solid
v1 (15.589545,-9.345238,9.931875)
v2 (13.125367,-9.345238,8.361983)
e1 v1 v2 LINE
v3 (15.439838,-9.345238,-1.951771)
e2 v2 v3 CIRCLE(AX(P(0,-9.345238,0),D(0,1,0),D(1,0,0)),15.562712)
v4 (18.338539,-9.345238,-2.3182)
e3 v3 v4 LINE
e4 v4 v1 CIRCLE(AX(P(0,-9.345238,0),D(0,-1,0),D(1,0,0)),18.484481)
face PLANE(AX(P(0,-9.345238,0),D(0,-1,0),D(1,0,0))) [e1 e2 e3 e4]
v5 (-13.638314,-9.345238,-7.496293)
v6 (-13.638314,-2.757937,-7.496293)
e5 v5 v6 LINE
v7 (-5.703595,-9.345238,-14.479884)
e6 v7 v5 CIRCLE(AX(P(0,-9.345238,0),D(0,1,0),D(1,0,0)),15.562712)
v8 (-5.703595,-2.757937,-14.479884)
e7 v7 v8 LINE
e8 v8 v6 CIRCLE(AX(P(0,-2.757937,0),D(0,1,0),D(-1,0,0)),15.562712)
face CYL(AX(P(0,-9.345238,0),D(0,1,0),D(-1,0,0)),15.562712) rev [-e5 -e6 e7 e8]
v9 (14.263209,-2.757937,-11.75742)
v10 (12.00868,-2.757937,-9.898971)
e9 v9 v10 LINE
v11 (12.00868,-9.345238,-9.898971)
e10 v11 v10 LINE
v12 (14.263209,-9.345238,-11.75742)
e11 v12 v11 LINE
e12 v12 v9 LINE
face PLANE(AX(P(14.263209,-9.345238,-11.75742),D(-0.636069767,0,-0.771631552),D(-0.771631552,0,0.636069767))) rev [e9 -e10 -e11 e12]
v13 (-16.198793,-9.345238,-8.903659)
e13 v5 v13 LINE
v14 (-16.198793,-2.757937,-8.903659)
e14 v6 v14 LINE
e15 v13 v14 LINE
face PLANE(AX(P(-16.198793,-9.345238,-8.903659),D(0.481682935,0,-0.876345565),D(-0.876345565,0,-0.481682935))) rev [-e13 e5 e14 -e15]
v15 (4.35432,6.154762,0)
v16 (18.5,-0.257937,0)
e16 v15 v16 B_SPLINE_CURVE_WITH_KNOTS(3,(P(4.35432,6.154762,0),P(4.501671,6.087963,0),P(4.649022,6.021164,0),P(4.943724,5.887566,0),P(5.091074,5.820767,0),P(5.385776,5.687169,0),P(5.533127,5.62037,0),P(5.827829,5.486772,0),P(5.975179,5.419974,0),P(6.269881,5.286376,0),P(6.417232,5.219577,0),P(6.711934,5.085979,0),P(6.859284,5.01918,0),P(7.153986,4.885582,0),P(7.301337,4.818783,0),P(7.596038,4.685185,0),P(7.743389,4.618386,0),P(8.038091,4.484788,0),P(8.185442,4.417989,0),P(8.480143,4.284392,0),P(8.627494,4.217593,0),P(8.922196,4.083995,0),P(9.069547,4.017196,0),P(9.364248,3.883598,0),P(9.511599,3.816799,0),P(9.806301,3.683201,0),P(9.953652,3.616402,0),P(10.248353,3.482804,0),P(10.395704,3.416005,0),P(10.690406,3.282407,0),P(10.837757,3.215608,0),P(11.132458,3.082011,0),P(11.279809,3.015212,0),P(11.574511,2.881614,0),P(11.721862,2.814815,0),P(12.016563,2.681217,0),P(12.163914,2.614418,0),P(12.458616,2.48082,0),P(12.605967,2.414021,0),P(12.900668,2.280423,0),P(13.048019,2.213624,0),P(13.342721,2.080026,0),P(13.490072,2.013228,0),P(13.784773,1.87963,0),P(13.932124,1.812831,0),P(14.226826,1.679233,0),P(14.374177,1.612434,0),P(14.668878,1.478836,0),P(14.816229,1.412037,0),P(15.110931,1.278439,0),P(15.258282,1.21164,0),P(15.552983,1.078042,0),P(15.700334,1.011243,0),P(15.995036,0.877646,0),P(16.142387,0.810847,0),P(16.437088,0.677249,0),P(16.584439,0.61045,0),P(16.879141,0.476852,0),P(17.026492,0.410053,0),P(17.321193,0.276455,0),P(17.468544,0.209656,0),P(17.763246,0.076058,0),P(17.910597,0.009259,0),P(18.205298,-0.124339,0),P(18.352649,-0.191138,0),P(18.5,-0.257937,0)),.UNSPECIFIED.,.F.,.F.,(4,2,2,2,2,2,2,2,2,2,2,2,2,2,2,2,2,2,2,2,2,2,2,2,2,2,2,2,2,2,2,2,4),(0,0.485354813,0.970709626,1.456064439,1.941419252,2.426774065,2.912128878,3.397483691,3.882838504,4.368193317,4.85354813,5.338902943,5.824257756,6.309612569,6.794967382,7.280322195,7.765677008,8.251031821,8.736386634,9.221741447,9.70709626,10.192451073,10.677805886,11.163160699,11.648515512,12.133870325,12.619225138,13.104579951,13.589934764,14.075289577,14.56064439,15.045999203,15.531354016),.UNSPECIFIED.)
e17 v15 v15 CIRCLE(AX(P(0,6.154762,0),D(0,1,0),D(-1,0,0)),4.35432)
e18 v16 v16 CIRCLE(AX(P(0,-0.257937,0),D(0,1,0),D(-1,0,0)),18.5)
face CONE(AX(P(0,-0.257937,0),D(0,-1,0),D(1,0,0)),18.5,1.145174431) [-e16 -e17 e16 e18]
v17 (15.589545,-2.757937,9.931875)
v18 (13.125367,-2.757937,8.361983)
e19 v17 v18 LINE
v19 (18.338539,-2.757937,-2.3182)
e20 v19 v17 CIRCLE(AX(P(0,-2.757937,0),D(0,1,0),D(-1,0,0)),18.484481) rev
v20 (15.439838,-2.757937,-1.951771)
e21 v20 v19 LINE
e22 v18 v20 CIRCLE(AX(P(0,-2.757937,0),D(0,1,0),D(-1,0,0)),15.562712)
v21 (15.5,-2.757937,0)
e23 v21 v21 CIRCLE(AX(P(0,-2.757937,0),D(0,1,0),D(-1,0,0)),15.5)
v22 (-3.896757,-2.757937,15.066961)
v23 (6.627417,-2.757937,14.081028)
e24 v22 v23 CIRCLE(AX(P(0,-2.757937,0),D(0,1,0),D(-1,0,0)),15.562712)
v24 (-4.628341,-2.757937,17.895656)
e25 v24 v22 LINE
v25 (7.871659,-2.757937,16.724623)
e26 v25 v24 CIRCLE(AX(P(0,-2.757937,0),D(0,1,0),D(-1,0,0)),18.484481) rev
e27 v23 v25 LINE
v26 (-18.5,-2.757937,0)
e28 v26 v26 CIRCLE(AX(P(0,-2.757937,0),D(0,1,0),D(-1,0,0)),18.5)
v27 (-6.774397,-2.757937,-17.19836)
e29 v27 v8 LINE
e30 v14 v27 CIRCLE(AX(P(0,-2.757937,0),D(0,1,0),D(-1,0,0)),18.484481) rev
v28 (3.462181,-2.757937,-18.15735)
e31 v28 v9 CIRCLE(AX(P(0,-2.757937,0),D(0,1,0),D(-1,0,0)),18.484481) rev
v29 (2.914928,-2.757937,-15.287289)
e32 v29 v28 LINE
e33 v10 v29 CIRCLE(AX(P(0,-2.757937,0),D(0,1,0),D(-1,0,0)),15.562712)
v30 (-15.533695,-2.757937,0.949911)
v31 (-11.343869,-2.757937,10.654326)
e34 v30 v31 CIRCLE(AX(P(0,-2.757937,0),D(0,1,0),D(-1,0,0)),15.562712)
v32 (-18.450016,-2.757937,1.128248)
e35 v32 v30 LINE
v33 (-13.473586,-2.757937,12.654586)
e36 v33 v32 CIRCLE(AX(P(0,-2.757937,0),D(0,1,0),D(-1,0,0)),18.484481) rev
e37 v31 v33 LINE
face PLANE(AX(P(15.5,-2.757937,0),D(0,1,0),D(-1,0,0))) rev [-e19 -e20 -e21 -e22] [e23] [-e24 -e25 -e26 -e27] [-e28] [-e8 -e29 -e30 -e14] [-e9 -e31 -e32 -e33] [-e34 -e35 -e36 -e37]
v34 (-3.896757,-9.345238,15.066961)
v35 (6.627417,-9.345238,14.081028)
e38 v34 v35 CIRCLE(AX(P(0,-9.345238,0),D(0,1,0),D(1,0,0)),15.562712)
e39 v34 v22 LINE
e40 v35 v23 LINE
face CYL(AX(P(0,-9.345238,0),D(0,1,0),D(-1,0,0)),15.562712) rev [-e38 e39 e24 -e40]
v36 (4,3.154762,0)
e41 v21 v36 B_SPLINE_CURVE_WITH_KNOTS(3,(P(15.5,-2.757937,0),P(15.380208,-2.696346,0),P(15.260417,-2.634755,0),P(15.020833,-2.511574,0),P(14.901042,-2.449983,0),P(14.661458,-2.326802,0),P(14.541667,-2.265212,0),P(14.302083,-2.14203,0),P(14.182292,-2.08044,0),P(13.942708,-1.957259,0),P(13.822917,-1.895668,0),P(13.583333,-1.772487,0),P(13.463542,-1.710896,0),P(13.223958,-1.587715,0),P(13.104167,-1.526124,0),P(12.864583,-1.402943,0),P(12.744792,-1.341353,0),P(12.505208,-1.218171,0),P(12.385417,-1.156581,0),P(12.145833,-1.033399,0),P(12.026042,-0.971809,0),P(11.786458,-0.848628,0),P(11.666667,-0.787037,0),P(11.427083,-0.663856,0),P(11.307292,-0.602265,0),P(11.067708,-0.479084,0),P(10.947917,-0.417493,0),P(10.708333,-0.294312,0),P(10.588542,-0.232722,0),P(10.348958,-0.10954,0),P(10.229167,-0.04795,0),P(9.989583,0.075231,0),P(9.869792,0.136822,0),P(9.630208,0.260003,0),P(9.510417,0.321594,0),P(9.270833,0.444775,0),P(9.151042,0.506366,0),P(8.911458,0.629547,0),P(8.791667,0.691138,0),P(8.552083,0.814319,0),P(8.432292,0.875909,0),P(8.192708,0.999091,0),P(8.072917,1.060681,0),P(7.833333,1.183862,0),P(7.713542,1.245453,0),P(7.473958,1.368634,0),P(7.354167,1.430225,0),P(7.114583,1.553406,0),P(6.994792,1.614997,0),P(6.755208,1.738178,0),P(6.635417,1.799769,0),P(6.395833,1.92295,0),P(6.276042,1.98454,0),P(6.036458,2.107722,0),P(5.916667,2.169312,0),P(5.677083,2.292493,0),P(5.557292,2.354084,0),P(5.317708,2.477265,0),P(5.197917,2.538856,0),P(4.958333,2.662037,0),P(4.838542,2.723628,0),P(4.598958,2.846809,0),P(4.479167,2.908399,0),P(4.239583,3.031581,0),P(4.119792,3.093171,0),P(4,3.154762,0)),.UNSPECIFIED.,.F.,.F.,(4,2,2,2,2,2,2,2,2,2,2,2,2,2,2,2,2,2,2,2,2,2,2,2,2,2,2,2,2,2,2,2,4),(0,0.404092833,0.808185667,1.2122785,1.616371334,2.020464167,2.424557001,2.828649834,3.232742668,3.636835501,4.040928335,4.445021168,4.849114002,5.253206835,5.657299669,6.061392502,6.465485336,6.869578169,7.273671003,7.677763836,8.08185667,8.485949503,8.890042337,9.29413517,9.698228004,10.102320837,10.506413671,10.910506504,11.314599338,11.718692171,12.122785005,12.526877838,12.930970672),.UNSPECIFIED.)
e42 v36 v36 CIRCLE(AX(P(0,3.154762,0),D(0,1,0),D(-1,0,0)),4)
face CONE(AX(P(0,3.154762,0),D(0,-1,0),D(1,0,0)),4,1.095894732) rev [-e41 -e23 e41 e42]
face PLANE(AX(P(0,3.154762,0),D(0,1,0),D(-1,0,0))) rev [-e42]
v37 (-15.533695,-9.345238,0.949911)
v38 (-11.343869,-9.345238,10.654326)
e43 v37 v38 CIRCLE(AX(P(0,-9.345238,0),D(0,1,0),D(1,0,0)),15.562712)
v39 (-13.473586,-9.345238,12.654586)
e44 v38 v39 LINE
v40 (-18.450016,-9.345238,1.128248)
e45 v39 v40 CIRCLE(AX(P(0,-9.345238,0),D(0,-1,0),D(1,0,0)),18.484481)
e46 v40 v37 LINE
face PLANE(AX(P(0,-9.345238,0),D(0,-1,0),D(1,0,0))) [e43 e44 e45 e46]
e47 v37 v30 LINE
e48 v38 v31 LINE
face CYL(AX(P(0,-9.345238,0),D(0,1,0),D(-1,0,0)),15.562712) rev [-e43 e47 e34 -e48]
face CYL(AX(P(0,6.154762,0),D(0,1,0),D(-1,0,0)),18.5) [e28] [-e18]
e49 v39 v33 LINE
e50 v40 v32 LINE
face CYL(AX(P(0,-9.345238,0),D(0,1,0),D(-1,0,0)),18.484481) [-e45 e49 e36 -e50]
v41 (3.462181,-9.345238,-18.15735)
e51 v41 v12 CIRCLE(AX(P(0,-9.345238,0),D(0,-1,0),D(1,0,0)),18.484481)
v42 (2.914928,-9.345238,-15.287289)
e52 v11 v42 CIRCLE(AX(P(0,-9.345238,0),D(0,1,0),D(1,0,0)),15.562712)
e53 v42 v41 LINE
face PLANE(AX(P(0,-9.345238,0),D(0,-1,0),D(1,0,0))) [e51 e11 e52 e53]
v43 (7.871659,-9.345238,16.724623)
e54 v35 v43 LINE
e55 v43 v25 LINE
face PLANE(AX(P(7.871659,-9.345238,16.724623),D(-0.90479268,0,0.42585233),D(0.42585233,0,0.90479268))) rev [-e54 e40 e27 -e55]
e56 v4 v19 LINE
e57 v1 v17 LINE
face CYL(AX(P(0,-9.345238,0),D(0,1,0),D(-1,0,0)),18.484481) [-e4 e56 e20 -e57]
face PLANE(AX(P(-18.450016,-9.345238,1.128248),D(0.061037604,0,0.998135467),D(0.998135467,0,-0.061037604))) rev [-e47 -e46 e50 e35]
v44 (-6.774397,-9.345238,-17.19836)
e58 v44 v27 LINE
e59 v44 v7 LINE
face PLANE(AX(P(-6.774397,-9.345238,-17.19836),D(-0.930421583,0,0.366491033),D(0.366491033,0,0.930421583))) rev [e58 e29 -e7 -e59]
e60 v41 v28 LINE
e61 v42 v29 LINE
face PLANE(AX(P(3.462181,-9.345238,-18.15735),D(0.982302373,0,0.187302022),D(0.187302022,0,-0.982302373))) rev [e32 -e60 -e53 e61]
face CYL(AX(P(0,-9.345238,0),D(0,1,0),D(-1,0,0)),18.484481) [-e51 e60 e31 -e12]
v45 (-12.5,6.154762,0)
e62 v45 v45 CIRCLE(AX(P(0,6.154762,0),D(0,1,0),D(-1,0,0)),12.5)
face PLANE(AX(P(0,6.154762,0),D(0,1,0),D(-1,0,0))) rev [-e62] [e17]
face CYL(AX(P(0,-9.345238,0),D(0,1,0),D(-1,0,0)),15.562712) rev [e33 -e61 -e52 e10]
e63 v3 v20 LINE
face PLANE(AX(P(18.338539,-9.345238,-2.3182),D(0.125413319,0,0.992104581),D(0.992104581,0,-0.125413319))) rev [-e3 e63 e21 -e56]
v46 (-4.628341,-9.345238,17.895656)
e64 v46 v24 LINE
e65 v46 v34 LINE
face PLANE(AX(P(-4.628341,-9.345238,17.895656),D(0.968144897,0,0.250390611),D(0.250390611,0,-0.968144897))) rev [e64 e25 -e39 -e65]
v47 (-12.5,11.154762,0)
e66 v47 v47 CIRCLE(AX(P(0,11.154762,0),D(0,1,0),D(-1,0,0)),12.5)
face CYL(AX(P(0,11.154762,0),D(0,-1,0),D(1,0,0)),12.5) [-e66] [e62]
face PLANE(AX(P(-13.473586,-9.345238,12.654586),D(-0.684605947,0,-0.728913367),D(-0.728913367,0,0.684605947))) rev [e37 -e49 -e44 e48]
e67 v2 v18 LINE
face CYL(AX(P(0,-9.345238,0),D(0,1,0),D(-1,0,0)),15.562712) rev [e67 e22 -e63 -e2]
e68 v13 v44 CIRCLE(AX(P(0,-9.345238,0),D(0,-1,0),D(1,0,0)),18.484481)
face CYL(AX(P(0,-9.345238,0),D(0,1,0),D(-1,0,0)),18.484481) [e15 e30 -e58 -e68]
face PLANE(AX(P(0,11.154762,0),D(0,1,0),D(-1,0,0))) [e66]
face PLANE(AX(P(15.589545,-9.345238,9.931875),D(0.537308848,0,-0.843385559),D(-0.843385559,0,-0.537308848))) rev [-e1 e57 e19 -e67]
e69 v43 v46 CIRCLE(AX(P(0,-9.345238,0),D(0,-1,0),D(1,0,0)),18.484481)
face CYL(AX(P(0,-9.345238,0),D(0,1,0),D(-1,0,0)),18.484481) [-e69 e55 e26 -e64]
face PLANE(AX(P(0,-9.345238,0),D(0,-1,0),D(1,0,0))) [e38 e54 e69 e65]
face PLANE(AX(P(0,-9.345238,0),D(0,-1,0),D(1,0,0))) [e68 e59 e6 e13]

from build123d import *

# Parameters (mm, degrees)
EXTRUDE_START   = 3.5
EXTRUDE_3_DEPTH = 9
SKETCH_4_R      = 12.5
EXTRUDE_4_DEPTH = 5


with BuildPart() as part:
    # 草圖1 → 旋轉1 (revolve)
    with BuildSketch(Plane.XY):
        Polygon((0, 6.154761905), (0, 3.154761905), (4, 3.154761905), (15.5, -2.757936508), (18.5, -2.757936508), (18.5, -0.257936508), (4.354320213, 6.154761905), align=None)
    revolve(axis=Axis((0, 6.154761905, 0), (0, -1, 0)))

    # 草圖2 → 填料-伸長3 (add)
    with BuildSketch(Plane.XZ.offset(-3.154761905).offset(EXTRUDE_START)):
        with BuildLine():
            Line((-4.628340567, 17.895656272), (-3.896757076, 15.066960653))
            ThreePointArc((-3.896757076, 15.066960653), (1.45159982, 15.49486615), (6.627417355, 14.081028309))
            Line((6.627417355, 14.081028309), (7.871659433, 16.724623391))
            ThreePointArc((7.871659433, 16.724623391), (1.724125523, 18.40389744), (-4.628340567, 17.895656272))
        make_face()
        with BuildLine():
            Line((18.338538597, -2.318200146), (15.439838321, -1.951771416))
            ThreePointArc((15.439838321, -1.951771416), (15.185062434, 3.407623498), (13.12536695, 8.361983105))
            Line((13.12536695, 8.361983105), (15.58954462, 9.931875369))
            ThreePointArc((15.58954462, 9.931875369), (18.035930673, 4.047376258), (18.338538597, -2.318200146))
        make_face()
        with BuildLine():
            Line((3.462180724, -18.157349874), (2.914927508, -15.287289382))
            ThreePointArc((2.914927508, -15.287289382), (7.933284886, -13.388839007), (12.008679966, -9.898970881))
            Line((12.008679966, -9.898970881), (14.263209011, -11.757419722))
            ThreePointArc((14.263209011, -11.757419722), (9.422692651, -15.902481347), (3.462180724, -18.157349874))
        make_face()
        with BuildLine():
            Line((-16.198793235, -8.903659222), (-13.638314046, -7.496293018))
            ThreePointArc((-13.638314046, -7.496293018), (-10.282022732, -11.682381074), (-5.703594571, -14.479883563))
            Line((-5.703594571, -14.479883563), (-6.774396662, -17.198360377))
            ThreePointArc((-6.774396662, -17.198360377), (-12.212386349, -13.875650236), (-16.198793235, -8.903659222))
        make_face()
        with BuildLine():
            Line((-13.47358552, 12.65458585), (-11.343869138, 10.654325507))
            ThreePointArc((-11.343869138, 10.654325507), (-14.287924407, 6.168730433), (-15.533695269, 0.949910686))
            Line((-15.533695269, 0.949910686), (-18.450016402, 1.128248458))
            ThreePointArc((-18.450016402, 1.128248458), (-16.970362498, 7.326857885), (-13.47358552, 12.65458585))
        make_face()
    extrude(amount=EXTRUDE_3_DEPTH)

    # 草圖4 → 填料-伸長4 (add)
    with BuildSketch(Plane(origin=(0, 6.154761905, 0), x_dir=(1, 0, 0), z_dir=(0, 1, 0))):
        with Locations(Location((0, 0, 0), (0, 0, 180))):
            Circle(SKETCH_4_R)
    extrude(amount=EXTRUDE_4_DEPTH)


solid = part.part
